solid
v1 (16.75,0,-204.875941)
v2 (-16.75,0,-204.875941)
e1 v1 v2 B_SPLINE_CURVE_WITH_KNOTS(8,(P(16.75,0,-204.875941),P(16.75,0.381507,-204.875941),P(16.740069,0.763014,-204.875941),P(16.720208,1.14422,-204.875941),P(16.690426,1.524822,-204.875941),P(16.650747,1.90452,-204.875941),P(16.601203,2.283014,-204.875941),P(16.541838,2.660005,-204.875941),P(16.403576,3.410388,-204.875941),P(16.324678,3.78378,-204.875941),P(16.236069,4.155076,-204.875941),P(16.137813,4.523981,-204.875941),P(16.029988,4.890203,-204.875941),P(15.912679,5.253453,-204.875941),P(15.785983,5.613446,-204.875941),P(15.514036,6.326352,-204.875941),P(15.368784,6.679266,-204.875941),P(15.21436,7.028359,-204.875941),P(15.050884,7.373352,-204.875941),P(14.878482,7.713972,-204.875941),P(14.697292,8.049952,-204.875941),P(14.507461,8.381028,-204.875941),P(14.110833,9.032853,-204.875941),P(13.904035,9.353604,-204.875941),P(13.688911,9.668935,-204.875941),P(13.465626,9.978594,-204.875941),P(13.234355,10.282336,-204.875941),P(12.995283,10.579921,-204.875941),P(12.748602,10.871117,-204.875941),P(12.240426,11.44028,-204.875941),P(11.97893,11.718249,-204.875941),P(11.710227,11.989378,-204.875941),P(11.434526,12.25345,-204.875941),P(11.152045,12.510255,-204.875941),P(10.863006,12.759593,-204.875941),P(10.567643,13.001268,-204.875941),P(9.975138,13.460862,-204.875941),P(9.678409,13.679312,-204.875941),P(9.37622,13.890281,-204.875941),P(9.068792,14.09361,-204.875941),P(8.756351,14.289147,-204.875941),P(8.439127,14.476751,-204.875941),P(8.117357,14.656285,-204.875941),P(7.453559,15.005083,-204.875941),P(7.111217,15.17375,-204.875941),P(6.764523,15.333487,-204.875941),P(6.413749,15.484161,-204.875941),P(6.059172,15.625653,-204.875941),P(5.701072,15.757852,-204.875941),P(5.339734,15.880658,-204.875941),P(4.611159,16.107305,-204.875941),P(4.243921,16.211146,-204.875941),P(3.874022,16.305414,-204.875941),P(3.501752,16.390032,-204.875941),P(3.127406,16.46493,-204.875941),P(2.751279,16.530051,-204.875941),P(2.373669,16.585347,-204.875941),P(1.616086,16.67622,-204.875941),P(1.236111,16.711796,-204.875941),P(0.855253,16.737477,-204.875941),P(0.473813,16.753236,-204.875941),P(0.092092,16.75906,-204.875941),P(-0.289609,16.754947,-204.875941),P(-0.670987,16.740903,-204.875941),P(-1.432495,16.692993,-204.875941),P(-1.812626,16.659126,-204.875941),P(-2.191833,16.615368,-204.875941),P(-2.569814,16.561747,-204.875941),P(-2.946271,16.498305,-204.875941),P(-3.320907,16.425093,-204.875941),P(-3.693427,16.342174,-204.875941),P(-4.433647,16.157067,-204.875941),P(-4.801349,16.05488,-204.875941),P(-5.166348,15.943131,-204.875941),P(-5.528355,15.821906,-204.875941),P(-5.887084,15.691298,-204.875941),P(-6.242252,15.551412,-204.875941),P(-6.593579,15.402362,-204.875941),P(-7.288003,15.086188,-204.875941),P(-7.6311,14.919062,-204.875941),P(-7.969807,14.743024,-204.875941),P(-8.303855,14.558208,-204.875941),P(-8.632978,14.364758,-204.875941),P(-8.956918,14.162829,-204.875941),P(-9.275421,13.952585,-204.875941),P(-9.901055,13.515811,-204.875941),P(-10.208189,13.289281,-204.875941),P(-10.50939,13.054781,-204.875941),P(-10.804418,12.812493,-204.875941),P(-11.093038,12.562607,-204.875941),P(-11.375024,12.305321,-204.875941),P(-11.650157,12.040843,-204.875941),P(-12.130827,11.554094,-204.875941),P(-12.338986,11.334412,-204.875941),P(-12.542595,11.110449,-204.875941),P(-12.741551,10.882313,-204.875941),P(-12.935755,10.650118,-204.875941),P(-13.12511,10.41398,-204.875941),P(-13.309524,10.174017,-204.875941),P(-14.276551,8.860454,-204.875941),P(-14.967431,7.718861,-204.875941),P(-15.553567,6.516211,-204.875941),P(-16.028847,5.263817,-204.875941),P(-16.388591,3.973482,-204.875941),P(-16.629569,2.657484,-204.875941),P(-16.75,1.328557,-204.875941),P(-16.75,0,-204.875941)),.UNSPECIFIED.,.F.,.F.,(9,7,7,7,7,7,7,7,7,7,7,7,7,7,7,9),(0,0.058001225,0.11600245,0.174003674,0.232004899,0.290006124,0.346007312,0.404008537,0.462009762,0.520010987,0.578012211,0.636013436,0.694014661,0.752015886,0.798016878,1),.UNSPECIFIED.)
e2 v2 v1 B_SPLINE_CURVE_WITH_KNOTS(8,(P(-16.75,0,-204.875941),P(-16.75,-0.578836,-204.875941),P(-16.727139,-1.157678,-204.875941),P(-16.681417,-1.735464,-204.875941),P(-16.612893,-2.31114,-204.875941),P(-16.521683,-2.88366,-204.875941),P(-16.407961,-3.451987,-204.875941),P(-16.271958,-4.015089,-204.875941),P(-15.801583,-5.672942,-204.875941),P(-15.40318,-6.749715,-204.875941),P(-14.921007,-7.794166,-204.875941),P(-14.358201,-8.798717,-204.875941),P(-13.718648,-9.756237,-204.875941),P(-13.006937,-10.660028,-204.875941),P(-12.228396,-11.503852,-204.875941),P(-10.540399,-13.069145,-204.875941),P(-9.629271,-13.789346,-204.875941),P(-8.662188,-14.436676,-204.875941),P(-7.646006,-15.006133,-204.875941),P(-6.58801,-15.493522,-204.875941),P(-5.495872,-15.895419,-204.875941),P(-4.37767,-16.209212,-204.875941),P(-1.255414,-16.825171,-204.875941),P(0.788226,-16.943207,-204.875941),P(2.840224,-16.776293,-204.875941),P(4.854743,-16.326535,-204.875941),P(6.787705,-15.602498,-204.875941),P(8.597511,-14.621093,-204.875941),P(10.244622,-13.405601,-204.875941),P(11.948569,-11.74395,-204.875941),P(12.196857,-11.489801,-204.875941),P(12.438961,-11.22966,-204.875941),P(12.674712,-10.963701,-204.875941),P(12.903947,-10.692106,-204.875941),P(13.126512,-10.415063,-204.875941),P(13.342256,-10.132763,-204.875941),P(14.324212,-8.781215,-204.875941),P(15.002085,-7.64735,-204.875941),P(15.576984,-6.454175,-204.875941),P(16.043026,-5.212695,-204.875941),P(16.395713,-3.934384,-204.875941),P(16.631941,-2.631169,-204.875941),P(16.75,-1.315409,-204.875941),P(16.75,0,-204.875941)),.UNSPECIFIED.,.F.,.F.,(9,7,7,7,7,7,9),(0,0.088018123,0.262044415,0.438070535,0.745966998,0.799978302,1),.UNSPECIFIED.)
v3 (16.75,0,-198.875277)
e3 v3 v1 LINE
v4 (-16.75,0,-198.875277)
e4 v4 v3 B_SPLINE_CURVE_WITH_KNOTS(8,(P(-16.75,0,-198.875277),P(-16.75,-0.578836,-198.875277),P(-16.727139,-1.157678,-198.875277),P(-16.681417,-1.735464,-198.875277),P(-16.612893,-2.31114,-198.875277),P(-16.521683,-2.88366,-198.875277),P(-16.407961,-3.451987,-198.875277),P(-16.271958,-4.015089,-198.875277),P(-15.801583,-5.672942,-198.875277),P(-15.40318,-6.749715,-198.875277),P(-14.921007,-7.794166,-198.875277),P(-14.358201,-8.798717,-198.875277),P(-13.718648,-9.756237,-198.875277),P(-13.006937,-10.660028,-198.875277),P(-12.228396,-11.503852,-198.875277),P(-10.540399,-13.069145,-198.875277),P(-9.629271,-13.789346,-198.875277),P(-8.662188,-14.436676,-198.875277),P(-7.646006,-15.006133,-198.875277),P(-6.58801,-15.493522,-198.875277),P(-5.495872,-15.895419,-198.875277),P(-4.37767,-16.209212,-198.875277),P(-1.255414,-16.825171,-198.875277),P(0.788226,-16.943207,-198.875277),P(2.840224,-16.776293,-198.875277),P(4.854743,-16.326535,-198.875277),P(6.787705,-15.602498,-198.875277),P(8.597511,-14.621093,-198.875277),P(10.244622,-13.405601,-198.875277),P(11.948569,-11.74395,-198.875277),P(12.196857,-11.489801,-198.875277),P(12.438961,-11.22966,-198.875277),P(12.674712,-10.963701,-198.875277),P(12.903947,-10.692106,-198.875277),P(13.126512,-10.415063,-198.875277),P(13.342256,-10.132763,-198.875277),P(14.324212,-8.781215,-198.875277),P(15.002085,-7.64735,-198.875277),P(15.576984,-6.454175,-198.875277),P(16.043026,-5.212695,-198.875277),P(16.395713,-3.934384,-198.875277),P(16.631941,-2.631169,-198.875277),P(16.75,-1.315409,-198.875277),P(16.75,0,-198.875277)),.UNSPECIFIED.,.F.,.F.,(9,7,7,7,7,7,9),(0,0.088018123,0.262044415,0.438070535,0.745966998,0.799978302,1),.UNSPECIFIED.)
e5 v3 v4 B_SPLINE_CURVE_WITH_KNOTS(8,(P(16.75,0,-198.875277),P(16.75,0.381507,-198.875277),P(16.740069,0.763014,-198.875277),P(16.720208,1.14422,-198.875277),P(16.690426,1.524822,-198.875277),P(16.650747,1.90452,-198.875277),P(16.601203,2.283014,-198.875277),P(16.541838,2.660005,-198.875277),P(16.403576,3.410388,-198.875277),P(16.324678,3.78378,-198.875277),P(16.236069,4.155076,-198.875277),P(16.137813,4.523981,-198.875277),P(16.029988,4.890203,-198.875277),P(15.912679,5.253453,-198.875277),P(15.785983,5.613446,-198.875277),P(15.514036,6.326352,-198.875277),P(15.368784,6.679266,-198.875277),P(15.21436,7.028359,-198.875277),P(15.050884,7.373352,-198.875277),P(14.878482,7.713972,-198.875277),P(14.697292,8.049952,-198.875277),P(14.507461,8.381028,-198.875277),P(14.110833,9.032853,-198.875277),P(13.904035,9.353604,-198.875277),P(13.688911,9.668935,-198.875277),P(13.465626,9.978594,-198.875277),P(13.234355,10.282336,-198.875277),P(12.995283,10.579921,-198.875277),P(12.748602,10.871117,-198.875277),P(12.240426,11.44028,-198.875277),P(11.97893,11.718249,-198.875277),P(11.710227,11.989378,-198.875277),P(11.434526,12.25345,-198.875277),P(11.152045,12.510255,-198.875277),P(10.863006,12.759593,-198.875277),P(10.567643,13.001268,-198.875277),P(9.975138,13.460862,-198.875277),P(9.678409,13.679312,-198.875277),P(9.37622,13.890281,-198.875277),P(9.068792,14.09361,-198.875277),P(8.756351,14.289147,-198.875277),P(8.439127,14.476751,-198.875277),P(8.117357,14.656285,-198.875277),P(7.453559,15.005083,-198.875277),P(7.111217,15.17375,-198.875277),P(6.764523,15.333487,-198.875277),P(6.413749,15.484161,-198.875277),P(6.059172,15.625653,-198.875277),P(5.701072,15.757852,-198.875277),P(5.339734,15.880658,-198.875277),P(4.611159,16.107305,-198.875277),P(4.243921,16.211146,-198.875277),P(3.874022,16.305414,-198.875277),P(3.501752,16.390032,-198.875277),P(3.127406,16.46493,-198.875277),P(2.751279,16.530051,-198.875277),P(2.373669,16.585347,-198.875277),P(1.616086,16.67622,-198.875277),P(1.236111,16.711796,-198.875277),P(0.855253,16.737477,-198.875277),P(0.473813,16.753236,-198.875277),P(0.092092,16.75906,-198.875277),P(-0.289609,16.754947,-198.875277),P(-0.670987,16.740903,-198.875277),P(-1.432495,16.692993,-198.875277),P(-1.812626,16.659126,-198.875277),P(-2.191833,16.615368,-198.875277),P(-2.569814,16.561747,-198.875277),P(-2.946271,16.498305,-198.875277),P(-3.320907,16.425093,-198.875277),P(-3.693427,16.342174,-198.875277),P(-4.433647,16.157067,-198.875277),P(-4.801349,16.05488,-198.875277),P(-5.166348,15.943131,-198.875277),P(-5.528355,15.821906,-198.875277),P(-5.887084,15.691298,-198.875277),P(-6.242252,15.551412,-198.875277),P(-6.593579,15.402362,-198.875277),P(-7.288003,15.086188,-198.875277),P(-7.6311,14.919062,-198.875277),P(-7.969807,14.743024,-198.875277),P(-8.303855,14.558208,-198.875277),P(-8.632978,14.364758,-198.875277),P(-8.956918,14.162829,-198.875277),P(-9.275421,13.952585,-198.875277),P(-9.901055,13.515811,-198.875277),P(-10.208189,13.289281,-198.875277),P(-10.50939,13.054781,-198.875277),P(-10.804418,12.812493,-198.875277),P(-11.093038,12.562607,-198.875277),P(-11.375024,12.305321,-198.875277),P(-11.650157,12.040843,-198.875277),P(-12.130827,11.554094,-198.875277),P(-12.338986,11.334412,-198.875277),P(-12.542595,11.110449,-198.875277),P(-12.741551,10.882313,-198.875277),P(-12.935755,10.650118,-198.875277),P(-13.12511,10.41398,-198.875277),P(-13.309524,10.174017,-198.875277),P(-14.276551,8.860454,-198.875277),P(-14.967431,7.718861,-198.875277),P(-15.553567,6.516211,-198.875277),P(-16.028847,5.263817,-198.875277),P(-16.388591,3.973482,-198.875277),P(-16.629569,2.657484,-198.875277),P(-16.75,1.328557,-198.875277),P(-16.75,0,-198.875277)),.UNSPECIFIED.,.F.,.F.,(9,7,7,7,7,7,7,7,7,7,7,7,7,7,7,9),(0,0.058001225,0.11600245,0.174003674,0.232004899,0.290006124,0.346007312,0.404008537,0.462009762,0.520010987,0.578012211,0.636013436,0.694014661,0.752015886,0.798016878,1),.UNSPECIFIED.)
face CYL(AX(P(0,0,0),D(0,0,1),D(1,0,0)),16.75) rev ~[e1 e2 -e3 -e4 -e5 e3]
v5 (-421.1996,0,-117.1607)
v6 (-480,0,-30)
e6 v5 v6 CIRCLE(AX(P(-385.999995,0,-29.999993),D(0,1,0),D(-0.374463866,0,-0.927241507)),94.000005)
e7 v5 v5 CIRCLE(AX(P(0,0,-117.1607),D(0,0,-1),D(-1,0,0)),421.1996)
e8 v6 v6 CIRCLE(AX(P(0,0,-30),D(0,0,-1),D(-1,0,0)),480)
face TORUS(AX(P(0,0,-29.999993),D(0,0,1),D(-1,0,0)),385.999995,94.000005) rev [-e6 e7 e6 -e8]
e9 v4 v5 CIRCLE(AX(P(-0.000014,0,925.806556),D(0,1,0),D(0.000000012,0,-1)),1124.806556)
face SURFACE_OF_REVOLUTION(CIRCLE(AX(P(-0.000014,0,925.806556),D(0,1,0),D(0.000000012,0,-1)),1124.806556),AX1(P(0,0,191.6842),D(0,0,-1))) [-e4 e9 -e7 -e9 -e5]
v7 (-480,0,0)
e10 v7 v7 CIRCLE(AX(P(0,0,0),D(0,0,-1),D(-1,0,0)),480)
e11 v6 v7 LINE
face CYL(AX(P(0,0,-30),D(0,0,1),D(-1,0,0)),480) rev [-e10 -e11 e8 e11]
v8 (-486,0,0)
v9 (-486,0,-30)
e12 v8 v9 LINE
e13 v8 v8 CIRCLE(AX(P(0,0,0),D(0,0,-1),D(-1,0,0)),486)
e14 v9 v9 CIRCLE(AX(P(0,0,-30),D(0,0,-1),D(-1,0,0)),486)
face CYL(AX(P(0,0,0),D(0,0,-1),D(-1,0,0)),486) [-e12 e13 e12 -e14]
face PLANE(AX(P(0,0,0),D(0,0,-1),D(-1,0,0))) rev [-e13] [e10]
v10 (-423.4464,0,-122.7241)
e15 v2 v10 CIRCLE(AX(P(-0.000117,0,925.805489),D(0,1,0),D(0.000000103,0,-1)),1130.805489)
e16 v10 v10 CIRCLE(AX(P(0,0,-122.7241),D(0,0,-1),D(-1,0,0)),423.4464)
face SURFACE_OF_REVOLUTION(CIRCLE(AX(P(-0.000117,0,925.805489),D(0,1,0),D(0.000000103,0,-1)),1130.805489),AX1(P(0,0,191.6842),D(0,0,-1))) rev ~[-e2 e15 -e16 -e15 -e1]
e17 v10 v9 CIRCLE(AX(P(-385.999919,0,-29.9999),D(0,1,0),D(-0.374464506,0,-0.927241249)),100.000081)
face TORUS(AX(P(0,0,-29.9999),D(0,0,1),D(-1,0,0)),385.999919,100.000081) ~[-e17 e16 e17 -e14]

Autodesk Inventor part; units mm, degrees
ref_plane "YZ Plane" through (0, 0, 0) normal (1, 0, 0) x (0, 1, 0)
ref_plane "XZ Plane" through (0, 0, 0) normal (0, 1, 0) x (-1, 0, 0)
ref_plane "XY Plane" through (0, 0, 0) normal (0, 0, 1) x (1, 0, 0)
sketch "Sketch1" plane through (0, 0, 0) normal (0, 1, 0) x (-1, 0, 0)
  line L0 (486, 0) -> (486, -30)
  arc A0 (423.4464, -122.7241) -> (486, -30) centre (386, -30) ccw
  arc A1 (0, -205) -> (423.4464, -122.7241) centre (0, 925.8067) ccw
  line L1 (0, 191.6842) -> (0, -191.6842)
  arc A2 (0, -199) -> (421.1996, -117.1607) centre (0, 925.8067) ccw
  arc A3 (421.1996, -117.1607) -> (480, -30) centre (386, -30) ccw
  line L2 (480, -30) -> (480, 0)
  line L3 (480, 0) -> (486, 0)
  line L4 (0, -199) -> (0, -205)
  point P0 (0, 0)
  point P1 (0, 0)
  point P2 (0, -202)
  point P3 (0, -163.7009)
  point P4 (0, -169.7009)
  dimension "d0" = 100
  dimension "d1" = 30
  dimension "d3" = 1130.8067
  dimension "d6" = 6
  dimension "d11" = 960
  dimension "d12" = 205
revolve "Revolution1" add sketch "Sketch1" angle 360 about axis through (0, 0, 191.6842) along (0, 0, -1)
sketch "Sketch2" plane through (0, 0, 0) normal (0, 0, 1) x (1, 0, 0)
  circle A0 centre (0, 0) radius 16.75
  dimension "d8" = 33.5
extrude "Extrusion1" cut sketch "Sketch2" against normal through all
equation "\"d11\" = MAIN_filter_diam"
equation "\"Disherd_head_hight\" = d12"
equation "\"MAIN_filter_diam\" = 960"
properties part number "PNS - 604 dished head D1000"
